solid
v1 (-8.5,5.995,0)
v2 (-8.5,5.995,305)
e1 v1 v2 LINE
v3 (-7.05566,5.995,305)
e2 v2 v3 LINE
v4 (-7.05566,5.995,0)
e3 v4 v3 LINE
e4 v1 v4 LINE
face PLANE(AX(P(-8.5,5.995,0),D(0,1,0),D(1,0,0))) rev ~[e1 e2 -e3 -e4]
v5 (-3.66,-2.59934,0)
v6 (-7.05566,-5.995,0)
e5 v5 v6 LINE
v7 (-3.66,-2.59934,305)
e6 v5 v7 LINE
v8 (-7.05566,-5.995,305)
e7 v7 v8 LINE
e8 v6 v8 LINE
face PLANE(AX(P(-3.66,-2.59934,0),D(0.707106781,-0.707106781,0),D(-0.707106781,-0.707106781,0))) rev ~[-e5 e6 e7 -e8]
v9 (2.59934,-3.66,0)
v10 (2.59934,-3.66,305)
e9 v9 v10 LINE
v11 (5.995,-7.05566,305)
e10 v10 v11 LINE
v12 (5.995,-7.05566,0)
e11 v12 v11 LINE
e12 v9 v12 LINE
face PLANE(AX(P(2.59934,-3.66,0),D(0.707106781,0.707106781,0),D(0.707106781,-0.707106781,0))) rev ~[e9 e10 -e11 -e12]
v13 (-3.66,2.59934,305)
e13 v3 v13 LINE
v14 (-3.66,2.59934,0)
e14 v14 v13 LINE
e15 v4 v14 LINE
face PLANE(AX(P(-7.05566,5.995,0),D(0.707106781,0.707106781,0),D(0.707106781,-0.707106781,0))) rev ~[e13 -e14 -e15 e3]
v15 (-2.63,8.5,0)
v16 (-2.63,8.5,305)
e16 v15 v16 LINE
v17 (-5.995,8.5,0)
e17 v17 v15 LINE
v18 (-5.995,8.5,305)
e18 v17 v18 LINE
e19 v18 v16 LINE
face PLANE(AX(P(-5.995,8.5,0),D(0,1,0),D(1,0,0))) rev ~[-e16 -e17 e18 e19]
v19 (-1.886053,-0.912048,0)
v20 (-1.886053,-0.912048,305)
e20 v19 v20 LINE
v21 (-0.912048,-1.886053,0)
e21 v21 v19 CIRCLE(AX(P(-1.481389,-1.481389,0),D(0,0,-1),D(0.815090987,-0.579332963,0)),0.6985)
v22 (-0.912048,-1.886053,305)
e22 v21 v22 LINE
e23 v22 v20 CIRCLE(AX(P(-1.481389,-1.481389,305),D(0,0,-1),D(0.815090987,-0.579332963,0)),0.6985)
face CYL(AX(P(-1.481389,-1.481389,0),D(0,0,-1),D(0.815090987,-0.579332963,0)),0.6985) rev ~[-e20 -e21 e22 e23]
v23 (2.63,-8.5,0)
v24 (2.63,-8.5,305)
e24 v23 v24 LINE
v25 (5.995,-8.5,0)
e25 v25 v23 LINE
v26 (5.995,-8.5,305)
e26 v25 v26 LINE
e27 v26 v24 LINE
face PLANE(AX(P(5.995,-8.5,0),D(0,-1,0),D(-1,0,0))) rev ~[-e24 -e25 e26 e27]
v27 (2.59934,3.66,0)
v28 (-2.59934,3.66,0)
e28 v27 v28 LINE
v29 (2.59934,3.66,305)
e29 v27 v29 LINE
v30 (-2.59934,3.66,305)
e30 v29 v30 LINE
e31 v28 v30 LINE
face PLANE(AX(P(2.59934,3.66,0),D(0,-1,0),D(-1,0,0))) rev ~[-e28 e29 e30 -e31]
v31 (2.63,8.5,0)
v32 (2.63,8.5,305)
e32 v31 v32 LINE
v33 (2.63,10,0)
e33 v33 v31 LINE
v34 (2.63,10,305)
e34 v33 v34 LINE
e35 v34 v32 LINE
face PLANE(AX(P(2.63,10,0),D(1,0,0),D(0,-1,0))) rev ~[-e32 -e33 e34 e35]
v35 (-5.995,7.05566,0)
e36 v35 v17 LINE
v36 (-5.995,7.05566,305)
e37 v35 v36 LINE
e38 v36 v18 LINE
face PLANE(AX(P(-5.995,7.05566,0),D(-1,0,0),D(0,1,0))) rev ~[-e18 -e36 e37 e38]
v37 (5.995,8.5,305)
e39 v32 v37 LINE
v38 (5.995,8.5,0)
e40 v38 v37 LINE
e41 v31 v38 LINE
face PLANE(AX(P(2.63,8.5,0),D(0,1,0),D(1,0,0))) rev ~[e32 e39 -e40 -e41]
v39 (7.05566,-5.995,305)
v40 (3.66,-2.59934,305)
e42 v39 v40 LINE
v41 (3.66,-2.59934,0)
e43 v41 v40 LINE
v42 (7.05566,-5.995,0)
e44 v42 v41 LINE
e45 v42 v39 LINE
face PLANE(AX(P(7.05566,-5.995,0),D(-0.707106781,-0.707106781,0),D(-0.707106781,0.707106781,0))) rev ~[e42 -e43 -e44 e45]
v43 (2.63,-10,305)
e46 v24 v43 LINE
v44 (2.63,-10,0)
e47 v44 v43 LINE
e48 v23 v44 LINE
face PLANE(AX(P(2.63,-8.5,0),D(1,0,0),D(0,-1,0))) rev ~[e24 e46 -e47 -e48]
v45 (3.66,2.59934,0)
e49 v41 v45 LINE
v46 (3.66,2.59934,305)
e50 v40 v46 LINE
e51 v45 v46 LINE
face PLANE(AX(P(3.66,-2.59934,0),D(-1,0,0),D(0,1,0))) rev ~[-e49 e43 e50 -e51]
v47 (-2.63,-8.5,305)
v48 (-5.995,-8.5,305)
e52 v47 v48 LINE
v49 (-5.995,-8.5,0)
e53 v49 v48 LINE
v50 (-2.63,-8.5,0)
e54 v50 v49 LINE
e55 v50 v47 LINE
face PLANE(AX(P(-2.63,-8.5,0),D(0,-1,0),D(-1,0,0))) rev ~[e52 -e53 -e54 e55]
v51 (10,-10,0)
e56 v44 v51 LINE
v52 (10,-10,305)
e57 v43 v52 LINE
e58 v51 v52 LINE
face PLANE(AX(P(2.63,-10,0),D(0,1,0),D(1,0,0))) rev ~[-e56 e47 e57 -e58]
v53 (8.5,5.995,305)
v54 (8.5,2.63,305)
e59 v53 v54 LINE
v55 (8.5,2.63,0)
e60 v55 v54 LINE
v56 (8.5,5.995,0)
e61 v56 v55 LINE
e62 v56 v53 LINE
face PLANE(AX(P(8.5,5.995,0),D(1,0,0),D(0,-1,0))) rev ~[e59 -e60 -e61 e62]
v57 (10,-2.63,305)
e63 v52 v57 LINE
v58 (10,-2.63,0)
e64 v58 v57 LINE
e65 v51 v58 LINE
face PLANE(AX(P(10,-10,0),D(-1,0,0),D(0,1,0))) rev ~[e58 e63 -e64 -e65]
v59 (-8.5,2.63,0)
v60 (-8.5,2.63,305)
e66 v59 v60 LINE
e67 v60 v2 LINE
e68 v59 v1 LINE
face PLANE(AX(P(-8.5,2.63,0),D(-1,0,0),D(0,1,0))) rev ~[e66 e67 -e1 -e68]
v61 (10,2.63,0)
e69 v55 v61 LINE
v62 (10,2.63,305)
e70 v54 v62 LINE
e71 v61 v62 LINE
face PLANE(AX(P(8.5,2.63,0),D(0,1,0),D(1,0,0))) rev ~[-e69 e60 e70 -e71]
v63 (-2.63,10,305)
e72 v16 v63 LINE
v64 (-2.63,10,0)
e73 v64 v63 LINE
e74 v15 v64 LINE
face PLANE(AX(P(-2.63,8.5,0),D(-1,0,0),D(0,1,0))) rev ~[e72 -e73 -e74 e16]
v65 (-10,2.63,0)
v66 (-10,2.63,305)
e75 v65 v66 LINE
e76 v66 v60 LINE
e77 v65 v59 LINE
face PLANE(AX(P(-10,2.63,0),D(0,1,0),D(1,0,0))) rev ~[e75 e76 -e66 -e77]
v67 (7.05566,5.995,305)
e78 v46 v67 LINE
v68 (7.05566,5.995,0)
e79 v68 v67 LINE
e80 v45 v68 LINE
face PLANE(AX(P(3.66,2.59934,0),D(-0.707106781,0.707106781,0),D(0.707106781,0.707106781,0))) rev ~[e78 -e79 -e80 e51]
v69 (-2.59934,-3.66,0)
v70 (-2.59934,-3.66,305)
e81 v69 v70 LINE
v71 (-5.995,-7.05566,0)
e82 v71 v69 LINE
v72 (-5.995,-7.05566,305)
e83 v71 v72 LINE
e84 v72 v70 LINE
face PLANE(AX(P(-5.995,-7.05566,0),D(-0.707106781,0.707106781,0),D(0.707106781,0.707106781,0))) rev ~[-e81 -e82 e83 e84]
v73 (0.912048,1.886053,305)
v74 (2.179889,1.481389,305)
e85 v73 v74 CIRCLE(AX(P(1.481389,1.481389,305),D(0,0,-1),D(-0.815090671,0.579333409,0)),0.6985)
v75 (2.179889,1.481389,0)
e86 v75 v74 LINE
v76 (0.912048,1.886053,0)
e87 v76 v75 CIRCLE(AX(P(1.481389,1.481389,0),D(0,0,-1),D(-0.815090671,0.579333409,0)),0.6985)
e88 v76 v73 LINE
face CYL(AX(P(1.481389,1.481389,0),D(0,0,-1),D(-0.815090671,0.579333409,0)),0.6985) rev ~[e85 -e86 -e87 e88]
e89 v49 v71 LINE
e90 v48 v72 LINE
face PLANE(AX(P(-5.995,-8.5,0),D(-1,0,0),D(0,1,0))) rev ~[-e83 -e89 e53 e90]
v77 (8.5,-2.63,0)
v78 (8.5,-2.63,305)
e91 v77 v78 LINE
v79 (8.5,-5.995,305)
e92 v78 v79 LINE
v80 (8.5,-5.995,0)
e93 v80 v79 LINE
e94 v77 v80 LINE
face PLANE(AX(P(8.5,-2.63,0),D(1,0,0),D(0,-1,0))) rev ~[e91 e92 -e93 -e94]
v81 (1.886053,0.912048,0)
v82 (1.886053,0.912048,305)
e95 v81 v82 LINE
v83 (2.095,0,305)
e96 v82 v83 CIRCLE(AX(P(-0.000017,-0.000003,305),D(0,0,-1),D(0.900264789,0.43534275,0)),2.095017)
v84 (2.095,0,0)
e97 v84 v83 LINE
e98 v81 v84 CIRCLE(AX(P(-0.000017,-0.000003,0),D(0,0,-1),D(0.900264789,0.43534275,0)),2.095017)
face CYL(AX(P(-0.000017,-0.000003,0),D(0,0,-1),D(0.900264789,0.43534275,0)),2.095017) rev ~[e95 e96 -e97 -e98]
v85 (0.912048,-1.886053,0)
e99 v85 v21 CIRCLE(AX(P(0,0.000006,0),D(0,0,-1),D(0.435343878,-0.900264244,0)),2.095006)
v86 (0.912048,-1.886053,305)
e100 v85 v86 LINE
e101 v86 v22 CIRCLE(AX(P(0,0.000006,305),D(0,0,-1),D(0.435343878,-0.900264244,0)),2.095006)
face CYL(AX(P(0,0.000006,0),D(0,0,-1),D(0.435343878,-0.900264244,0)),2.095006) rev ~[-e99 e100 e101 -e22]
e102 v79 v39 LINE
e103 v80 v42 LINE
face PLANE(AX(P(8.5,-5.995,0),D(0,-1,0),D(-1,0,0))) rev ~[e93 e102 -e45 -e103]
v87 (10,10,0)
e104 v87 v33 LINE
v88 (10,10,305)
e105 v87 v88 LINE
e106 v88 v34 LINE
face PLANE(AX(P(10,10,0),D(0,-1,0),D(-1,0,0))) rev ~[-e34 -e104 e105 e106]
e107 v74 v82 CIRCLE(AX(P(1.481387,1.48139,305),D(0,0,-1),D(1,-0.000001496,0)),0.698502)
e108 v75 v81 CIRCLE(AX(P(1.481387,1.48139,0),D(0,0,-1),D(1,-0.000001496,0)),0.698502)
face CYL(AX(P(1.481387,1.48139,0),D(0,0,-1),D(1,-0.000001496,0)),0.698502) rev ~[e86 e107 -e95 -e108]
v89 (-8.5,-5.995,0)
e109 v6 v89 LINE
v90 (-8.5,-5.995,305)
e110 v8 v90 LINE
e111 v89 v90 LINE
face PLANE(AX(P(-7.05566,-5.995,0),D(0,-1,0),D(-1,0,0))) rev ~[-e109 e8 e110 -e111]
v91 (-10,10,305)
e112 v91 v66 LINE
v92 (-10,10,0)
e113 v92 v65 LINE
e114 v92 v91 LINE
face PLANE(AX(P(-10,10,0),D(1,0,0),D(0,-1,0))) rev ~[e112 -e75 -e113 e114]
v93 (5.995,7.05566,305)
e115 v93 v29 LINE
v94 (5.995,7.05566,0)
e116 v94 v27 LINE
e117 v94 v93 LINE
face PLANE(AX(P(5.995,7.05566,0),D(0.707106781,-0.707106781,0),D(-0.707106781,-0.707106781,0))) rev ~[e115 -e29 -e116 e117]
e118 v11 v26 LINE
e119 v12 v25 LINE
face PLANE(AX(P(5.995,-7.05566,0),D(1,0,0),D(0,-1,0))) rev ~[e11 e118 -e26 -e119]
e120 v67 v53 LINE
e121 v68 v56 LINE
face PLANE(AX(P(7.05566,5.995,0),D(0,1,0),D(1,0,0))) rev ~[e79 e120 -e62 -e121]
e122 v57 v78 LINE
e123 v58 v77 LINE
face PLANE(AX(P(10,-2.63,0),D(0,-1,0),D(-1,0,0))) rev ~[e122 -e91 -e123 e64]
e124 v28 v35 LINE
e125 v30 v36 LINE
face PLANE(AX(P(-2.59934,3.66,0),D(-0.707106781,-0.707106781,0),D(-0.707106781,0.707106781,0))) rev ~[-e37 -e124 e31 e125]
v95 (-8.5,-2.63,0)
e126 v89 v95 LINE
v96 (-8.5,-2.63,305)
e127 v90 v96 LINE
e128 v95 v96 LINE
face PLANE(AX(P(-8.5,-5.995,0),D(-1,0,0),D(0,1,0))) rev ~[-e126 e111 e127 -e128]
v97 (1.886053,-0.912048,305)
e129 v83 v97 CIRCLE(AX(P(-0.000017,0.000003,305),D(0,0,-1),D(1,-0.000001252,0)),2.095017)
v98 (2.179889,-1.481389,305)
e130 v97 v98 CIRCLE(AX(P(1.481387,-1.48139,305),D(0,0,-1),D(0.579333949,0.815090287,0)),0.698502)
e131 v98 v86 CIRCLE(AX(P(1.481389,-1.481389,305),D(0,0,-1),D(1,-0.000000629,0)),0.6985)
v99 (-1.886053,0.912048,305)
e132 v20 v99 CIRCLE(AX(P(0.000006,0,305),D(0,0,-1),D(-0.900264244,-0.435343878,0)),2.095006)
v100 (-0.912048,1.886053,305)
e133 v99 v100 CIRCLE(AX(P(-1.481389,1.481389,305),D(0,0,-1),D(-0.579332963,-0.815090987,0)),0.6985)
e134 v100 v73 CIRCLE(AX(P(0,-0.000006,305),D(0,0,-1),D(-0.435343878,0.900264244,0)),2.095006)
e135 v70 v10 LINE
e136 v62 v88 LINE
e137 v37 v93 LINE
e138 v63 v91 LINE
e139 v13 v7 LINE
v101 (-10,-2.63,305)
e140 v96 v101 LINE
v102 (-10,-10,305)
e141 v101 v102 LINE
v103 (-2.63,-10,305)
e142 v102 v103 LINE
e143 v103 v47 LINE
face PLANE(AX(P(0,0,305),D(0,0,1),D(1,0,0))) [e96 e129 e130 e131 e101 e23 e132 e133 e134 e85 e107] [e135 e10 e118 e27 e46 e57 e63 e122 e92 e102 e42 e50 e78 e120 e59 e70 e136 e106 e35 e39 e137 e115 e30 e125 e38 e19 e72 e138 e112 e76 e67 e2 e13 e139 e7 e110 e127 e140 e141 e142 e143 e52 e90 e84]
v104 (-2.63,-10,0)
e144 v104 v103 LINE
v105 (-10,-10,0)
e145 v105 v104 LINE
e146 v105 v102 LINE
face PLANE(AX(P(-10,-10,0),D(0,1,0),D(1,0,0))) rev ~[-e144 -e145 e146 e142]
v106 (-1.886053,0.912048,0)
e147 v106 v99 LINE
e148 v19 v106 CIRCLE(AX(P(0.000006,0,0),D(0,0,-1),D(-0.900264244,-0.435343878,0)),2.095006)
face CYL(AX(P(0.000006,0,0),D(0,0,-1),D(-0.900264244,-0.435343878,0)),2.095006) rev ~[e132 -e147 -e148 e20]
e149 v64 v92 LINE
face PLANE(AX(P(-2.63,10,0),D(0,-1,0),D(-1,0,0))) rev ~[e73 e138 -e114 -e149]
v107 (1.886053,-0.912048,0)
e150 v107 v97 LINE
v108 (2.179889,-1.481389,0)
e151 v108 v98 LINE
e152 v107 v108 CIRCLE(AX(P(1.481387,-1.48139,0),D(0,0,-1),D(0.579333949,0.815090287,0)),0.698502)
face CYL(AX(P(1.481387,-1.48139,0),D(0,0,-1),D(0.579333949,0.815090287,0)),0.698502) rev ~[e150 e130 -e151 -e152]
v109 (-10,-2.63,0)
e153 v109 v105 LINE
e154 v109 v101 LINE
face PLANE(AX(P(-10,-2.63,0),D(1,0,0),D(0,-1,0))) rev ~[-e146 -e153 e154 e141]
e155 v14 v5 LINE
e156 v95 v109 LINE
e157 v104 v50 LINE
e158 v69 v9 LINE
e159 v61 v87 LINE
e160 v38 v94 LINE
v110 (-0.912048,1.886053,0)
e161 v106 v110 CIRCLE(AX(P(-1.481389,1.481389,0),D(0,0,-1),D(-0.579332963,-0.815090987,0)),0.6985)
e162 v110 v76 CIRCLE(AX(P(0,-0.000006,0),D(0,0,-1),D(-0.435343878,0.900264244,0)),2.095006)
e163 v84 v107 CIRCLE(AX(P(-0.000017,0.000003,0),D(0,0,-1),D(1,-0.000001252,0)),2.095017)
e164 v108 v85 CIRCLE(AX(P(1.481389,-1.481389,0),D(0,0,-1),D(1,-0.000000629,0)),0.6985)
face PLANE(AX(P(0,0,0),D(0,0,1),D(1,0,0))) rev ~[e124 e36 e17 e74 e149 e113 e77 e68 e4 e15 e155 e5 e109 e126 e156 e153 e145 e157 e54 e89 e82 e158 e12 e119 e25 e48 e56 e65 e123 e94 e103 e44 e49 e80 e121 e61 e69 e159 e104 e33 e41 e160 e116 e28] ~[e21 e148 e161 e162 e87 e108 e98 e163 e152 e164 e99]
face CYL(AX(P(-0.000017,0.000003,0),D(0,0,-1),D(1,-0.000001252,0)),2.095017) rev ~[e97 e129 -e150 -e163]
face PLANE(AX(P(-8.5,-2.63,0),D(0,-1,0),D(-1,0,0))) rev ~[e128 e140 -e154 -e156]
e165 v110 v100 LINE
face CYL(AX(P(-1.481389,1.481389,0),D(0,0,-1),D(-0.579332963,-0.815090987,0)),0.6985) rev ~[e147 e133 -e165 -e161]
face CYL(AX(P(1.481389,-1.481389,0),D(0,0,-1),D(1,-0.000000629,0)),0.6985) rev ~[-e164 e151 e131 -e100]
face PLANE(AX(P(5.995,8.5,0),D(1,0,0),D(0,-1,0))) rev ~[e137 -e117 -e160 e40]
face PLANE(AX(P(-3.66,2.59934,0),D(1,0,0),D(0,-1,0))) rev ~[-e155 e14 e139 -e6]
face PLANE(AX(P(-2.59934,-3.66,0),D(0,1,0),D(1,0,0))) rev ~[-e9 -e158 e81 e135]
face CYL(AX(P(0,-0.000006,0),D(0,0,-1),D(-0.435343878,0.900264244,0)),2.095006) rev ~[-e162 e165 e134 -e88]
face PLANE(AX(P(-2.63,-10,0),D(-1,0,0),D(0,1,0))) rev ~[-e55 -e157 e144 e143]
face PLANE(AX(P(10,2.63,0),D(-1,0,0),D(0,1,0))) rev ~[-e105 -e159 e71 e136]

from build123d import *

# Parameters (mm, degrees)
F1_DEPTH = 305


with BuildPart() as f1:
    # F0 (on Top) → F1 (new body)
    with BuildSketch(Plane.XY):
        Polygon((10, 2.63), (10, 10), (2.63, 10), (2.63, 8.5), (5.995, 8.5), (5.995, 7.05566), (2.59934, 3.66), (-2.59934, 3.66), (-5.995, 7.05566), (-5.995, 8.5), (-2.63, 8.5), (-2.63, 10), (-10, 10), (-10, 2.63), (-8.5, 2.63), (-8.5, 5.995), (-7.05566, 5.995), (-3.66, 2.59934), (-3.66, -2.59934), (-7.05566, -5.995), (-8.5, -5.995), (-8.5, -2.63), (-10, -2.63), (-10, -10), (-2.63, -10), (-2.63, -8.5), (-5.995, -8.5), (-5.995, -7.05566), (-2.59934, -3.66), (2.59934, -3.66), (5.995, -7.05566), (5.995, -8.5), (2.63, -8.5), (2.63, -10), (10, -10), (10, -2.63), (8.5, -2.63), (8.5, -5.995), (7.05566, -5.995), (3.66, -2.59934), (3.66, 2.59934), (7.05566, 5.995), (8.5, 5.995), (8.5, 2.63), align=None)
        with BuildLine():
            ThreePointArc((1.886053, 0.912048), (2.042095, 0.467838), (2.095, 0))
            ThreePointArc((2.095, 0), (2.042095, -0.467838), (1.886053, -0.912048))
            ThreePointArc((1.886053, -0.912048), (2.102098, -1.161042), (2.179889, -1.481389))
            ThreePointArc((2.179889, -1.481389), (1.693777, -2.146816), (0.912048, -1.886053))
            ThreePointArc((0.912048, -1.886053), (0, -2.095), (-0.912048, -1.886053))
            ThreePointArc((-0.912048, -1.886053), (-1.975303, -1.975303), (-1.886053, -0.912048))
            ThreePointArc((-1.886053, -0.912048), (-2.095, 0), (-1.886053, 0.912048))
            ThreePointArc((-1.886053, 0.912048), (-1.975303, 1.975303), (-0.912048, 1.886053))
            ThreePointArc((-0.912048, 1.886053), (0, 2.095), (0.912048, 1.886053))
            ThreePointArc((0.912048, 1.886053), (1.693777, 2.146816), (2.179889, 1.481389))
            ThreePointArc((2.179889, 1.481389), (2.102098, 1.161042), (1.886053, 0.912048))
        make_face(mode=Mode.SUBTRACT)
    extrude(amount=F1_DEPTH)


solid = f1.part
